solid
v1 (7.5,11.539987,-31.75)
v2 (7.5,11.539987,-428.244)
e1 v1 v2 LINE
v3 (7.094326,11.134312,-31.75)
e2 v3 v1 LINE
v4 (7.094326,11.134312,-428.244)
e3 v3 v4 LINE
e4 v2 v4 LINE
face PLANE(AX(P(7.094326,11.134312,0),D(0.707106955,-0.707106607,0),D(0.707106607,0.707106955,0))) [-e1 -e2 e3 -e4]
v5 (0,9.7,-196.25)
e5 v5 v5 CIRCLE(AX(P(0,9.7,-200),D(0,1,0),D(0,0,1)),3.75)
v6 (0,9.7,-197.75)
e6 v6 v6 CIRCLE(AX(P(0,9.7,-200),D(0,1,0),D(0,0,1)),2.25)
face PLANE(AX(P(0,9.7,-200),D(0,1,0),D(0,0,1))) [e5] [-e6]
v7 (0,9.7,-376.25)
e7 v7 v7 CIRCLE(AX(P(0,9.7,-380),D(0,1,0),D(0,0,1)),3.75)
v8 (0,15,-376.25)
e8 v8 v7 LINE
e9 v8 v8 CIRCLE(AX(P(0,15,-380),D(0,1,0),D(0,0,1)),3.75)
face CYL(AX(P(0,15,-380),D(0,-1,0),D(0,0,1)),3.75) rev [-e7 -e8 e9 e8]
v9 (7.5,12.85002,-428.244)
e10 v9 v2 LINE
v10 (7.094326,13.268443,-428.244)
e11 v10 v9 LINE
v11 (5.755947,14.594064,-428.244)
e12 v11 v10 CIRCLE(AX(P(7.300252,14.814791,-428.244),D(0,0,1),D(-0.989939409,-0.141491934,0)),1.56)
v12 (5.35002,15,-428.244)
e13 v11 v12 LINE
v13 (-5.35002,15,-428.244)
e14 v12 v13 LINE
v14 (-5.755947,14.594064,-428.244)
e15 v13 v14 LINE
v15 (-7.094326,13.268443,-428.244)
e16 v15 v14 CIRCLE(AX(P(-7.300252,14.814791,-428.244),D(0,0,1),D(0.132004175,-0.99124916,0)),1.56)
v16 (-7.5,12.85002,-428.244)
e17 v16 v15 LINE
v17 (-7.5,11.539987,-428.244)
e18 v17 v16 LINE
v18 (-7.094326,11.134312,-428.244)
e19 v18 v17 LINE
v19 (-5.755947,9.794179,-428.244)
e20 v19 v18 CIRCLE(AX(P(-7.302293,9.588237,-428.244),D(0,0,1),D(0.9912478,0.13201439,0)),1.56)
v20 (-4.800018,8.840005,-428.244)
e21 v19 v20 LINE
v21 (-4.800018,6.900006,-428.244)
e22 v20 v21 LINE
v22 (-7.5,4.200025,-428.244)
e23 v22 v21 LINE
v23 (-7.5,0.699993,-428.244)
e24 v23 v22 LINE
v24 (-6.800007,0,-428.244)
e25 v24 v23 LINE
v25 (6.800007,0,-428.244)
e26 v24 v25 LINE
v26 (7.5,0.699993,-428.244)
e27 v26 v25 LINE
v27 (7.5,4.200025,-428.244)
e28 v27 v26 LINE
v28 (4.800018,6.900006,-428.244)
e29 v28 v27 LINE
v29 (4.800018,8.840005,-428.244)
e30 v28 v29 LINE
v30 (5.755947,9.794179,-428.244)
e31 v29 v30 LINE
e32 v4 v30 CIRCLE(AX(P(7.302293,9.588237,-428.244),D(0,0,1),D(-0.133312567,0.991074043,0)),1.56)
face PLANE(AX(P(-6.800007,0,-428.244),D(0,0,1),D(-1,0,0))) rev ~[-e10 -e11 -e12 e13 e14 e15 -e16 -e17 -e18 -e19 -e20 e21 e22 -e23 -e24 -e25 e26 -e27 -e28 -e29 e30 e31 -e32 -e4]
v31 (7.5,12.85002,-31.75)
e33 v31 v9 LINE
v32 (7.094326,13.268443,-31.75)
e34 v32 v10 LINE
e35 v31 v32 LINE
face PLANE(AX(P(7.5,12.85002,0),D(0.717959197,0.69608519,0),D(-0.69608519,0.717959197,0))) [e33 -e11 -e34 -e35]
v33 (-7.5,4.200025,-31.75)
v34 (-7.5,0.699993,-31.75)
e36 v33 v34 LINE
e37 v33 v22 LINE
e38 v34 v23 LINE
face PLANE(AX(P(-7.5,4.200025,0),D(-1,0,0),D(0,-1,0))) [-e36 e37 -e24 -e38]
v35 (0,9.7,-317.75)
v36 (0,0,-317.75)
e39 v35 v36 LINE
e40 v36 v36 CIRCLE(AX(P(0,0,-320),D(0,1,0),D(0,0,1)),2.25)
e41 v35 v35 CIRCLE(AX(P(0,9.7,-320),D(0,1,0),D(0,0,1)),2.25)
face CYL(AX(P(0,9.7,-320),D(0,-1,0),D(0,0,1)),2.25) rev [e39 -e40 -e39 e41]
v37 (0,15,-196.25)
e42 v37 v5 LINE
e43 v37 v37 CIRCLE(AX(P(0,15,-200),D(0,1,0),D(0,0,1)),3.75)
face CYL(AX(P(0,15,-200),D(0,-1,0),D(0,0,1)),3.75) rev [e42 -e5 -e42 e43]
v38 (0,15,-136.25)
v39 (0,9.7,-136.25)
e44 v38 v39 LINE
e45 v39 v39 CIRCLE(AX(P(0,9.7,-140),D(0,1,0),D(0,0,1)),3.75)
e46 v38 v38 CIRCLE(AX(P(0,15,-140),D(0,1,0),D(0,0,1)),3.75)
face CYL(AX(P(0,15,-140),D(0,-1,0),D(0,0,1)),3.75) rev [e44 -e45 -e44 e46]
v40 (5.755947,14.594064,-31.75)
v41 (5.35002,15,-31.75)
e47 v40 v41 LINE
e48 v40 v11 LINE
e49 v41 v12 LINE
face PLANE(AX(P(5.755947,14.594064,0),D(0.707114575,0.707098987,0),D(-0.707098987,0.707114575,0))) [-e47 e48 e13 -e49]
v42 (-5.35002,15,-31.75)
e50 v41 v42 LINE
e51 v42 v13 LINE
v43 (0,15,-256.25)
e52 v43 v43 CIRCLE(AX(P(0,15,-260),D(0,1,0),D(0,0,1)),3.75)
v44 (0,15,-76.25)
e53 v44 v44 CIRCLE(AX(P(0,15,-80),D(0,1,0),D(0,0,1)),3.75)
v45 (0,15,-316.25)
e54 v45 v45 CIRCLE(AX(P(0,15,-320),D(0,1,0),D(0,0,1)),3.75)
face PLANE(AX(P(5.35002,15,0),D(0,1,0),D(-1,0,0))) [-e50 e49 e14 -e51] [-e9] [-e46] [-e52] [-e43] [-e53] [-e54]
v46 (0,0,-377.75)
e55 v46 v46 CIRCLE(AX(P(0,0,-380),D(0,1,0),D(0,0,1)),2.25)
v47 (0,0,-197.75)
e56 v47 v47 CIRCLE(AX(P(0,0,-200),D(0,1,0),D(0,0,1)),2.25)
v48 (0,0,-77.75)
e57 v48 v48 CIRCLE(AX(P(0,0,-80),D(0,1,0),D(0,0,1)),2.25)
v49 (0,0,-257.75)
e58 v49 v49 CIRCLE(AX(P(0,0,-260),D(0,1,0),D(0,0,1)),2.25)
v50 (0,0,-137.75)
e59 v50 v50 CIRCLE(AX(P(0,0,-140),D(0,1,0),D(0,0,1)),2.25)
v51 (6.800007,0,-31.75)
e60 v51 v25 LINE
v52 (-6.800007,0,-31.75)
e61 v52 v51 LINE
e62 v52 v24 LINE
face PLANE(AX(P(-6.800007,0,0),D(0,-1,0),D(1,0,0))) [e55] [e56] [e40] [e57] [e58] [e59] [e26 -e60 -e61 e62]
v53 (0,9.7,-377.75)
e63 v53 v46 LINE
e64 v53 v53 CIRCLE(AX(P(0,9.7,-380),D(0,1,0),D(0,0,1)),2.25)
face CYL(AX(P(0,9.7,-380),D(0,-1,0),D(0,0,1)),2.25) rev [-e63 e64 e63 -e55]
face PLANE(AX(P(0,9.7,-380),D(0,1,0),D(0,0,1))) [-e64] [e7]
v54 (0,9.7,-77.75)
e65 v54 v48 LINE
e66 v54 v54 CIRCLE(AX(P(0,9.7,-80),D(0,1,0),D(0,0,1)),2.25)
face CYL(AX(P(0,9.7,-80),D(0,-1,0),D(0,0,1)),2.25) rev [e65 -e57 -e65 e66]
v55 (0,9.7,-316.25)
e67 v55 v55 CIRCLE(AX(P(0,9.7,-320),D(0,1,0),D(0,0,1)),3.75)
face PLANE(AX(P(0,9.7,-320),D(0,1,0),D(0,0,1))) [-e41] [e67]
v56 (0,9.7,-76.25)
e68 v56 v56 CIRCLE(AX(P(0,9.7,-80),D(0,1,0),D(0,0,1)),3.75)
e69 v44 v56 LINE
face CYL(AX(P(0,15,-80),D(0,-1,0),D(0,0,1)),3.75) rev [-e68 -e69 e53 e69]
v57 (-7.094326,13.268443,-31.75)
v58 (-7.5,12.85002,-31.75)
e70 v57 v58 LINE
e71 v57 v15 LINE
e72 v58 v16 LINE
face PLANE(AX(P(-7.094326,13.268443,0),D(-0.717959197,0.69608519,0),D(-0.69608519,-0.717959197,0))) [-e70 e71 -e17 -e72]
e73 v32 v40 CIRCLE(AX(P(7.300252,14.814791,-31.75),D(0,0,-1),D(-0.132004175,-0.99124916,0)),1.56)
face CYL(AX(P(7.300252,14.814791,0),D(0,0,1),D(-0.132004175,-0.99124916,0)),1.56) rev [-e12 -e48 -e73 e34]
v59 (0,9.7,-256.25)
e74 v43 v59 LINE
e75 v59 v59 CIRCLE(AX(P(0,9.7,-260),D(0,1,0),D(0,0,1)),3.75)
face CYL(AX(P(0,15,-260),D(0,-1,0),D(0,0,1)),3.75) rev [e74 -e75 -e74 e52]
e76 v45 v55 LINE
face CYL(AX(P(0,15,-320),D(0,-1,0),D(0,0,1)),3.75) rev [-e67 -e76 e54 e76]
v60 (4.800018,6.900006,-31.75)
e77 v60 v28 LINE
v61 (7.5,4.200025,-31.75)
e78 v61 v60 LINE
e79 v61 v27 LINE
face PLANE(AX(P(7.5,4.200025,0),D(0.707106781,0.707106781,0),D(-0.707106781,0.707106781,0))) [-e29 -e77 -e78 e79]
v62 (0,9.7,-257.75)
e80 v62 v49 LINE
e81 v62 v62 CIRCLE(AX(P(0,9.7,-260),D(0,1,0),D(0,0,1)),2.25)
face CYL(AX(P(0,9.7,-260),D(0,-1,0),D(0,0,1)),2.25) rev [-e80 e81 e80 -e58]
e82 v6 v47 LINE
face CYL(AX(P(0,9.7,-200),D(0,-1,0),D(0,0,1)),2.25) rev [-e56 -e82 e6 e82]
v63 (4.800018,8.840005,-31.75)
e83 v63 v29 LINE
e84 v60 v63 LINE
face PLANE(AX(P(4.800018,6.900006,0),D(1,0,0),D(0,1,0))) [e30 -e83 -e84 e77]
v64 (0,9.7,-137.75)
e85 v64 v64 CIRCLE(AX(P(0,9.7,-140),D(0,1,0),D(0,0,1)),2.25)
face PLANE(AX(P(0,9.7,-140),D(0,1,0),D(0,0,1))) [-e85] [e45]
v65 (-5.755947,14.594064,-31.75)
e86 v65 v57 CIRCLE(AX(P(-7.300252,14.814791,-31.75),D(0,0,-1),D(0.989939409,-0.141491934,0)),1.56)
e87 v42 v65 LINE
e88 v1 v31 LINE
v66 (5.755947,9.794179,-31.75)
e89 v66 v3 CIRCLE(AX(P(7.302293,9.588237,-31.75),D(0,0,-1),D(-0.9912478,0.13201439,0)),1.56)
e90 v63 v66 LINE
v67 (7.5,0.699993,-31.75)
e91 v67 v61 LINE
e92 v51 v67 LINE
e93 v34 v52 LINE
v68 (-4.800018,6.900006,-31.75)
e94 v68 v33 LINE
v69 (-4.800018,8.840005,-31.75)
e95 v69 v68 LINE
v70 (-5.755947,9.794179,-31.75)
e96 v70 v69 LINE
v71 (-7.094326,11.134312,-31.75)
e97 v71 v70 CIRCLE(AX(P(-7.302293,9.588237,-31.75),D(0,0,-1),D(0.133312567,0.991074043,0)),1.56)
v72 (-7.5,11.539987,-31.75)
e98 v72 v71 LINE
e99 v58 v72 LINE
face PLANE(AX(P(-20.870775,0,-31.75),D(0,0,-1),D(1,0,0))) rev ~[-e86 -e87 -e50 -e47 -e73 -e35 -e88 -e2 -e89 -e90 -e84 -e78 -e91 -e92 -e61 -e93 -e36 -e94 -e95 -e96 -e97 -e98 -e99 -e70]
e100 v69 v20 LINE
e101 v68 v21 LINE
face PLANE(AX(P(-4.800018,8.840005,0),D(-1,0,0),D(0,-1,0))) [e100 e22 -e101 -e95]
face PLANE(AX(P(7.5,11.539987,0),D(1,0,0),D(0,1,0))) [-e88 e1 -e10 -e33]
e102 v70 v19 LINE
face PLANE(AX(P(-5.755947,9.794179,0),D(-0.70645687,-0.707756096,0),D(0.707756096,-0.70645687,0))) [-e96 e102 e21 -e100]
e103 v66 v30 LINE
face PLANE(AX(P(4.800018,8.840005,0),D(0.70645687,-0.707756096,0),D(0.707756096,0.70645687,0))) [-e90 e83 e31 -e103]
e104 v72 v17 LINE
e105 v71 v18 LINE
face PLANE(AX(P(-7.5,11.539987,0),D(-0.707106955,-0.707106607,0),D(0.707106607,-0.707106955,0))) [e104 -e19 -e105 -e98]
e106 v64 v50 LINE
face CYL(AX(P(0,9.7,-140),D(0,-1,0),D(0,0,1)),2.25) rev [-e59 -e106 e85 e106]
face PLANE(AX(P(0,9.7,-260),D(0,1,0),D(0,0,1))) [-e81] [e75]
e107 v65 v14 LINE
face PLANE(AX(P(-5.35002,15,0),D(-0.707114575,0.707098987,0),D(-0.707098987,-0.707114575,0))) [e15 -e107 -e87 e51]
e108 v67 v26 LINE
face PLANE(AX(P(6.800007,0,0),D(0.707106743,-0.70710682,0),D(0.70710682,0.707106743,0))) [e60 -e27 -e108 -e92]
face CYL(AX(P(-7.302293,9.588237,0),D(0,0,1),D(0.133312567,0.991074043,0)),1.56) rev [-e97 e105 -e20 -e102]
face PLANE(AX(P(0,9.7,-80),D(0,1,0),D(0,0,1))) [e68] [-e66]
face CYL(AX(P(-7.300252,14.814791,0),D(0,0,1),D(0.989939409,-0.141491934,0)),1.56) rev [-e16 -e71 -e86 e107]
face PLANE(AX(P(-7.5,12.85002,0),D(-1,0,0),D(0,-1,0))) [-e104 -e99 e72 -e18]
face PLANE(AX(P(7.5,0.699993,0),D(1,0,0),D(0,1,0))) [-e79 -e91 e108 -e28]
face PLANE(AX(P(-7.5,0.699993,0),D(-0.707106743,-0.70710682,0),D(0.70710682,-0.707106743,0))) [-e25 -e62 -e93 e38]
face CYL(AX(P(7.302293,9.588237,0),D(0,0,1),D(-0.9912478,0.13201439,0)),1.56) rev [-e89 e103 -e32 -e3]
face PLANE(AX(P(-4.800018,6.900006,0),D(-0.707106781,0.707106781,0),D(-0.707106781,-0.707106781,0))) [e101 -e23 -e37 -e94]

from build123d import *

# Parameters (mm, degrees)
EXTRUDE1_DEPTH     = 460
LPATTERN1_COUNT    = 8
LPATTERN1_PITCH    = 60
SKETCH3_W          = 35.37212132
SKETCH3_H          = 31.75
SKETCH3_R          = 2.25
SKETCH3_W_2        = 31.665058017
SKETCH3_H_2        = 47.763491712
CUT_EXTRUDE1_DEPTH = 461.305605006


with BuildPart() as part:
    # Sketch1 → Extrude1 (new body)
    with BuildSketch(Plane(origin=(-20, 0, 0), x_dir=(1, 0, 0), z_dir=(0, 0, 1))):
        with BuildLine():
            Line((12.5, 0.69999271), (13.199992786, 0))
            Line((13.199992786, 0), (26.800007214, 0))
            Line((26.800007214, 0), (27.5, 0.69999271))
            Line((27.5, 0.69999271), (27.5, 4.2000246))
            Line((27.5, 4.2000246), (24.8000183, 6.9000063))
            Line((24.8000183, 6.9000063), (24.8000183, 8.8400054))
            Line((24.8000183, 8.8400054), (25.755946813, 9.794179118))
            ThreePointArc((25.755946813, 9.794179118), (26.198484624, 10.690600567), (27.09432569, 11.13431209))
            Line((27.09432569, 11.13431209), (27.5, 11.5399866))
            Line((27.5, 11.5399866), (27.5, 12.8500204))
            Line((27.5, 12.8500204), (27.09432569, 13.268442751))
            ThreePointArc((27.09432569, 13.268442751), (26.202460867, 13.706434947), (25.755946813, 14.594063938))
            Line((25.755946813, 14.594063938), (25.3500197, 15))
            Line((25.3500197, 15), (14.6499803, 15))
            Line((14.6499803, 15), (14.244053187, 14.594063938))
            ThreePointArc((14.244053187, 14.594063938), (13.797539133, 13.706434947), (12.90567431, 13.268442751))
            Line((12.90567431, 13.268442751), (12.5, 12.8500204))
            Line((12.5, 12.8500204), (12.5, 11.5399866))
            Line((12.5, 11.5399866), (12.90567431, 11.13431209))
            ThreePointArc((12.90567431, 11.13431209), (13.801515376, 10.690600567), (14.244053187, 9.794179118))
            Line((14.244053187, 9.794179118), (15.1999817, 8.8400054))
            Line((15.1999817, 8.8400054), (15.1999817, 6.9000063))
            Line((15.1999817, 6.9000063), (12.5, 4.2000246))
            Line((12.5, 4.2000246), (12.5, 0.69999271))
        make_face()
    extrude(amount=-EXTRUDE1_DEPTH)

    # Sketch2 → Cut-Revolve1 (revolve, cut)
    with BuildSketch(Plane(origin=(0, 0, 0), x_dir=(0, 0, -1), z_dir=(1, 0, 0))):
        Polygon((20, 15), (23.75, 15), (23.75, 9.7), (22.25, 9.7), (22.25, 0), (20, 0), align=None)
    cut_revolve1 = revolve(axis=Axis((0, 0, -20), (0, 1, 0)), mode=Mode.SUBTRACT)

    # LPattern1: Cut-Revolve1 ×8
    with Locations(*[(0, 0, -i * LPATTERN1_PITCH) for i in range(1, LPATTERN1_COUNT)]):
        add(cut_revolve1, mode=Mode.SUBTRACT)

    # Sketch3 → Cut-Extrude1 (cut, through all)
    # profile 1 of 2: a face of its own
    with BuildSketch(Plane.XZ):
        with Locations((-3.184714061, -15.875)):
            Rectangle(SKETCH3_W, SKETCH3_H)
        with Locations((0, -20)):
            Circle(SKETCH3_R, mode=Mode.SUBTRACT)
    # profile 2 of 2: a face of its own
    with BuildSketch(Plane.XZ):
        with Locations((-1.33118241, -452.125745856)):
            Rectangle(SKETCH3_W_2, SKETCH3_H_2)
        with Locations((0, -440)):
            Circle(SKETCH3_R, mode=Mode.SUBTRACT)
    extrude(amount=-CUT_EXTRUDE1_DEPTH, mode=Mode.SUBTRACT)


solid = part.part
